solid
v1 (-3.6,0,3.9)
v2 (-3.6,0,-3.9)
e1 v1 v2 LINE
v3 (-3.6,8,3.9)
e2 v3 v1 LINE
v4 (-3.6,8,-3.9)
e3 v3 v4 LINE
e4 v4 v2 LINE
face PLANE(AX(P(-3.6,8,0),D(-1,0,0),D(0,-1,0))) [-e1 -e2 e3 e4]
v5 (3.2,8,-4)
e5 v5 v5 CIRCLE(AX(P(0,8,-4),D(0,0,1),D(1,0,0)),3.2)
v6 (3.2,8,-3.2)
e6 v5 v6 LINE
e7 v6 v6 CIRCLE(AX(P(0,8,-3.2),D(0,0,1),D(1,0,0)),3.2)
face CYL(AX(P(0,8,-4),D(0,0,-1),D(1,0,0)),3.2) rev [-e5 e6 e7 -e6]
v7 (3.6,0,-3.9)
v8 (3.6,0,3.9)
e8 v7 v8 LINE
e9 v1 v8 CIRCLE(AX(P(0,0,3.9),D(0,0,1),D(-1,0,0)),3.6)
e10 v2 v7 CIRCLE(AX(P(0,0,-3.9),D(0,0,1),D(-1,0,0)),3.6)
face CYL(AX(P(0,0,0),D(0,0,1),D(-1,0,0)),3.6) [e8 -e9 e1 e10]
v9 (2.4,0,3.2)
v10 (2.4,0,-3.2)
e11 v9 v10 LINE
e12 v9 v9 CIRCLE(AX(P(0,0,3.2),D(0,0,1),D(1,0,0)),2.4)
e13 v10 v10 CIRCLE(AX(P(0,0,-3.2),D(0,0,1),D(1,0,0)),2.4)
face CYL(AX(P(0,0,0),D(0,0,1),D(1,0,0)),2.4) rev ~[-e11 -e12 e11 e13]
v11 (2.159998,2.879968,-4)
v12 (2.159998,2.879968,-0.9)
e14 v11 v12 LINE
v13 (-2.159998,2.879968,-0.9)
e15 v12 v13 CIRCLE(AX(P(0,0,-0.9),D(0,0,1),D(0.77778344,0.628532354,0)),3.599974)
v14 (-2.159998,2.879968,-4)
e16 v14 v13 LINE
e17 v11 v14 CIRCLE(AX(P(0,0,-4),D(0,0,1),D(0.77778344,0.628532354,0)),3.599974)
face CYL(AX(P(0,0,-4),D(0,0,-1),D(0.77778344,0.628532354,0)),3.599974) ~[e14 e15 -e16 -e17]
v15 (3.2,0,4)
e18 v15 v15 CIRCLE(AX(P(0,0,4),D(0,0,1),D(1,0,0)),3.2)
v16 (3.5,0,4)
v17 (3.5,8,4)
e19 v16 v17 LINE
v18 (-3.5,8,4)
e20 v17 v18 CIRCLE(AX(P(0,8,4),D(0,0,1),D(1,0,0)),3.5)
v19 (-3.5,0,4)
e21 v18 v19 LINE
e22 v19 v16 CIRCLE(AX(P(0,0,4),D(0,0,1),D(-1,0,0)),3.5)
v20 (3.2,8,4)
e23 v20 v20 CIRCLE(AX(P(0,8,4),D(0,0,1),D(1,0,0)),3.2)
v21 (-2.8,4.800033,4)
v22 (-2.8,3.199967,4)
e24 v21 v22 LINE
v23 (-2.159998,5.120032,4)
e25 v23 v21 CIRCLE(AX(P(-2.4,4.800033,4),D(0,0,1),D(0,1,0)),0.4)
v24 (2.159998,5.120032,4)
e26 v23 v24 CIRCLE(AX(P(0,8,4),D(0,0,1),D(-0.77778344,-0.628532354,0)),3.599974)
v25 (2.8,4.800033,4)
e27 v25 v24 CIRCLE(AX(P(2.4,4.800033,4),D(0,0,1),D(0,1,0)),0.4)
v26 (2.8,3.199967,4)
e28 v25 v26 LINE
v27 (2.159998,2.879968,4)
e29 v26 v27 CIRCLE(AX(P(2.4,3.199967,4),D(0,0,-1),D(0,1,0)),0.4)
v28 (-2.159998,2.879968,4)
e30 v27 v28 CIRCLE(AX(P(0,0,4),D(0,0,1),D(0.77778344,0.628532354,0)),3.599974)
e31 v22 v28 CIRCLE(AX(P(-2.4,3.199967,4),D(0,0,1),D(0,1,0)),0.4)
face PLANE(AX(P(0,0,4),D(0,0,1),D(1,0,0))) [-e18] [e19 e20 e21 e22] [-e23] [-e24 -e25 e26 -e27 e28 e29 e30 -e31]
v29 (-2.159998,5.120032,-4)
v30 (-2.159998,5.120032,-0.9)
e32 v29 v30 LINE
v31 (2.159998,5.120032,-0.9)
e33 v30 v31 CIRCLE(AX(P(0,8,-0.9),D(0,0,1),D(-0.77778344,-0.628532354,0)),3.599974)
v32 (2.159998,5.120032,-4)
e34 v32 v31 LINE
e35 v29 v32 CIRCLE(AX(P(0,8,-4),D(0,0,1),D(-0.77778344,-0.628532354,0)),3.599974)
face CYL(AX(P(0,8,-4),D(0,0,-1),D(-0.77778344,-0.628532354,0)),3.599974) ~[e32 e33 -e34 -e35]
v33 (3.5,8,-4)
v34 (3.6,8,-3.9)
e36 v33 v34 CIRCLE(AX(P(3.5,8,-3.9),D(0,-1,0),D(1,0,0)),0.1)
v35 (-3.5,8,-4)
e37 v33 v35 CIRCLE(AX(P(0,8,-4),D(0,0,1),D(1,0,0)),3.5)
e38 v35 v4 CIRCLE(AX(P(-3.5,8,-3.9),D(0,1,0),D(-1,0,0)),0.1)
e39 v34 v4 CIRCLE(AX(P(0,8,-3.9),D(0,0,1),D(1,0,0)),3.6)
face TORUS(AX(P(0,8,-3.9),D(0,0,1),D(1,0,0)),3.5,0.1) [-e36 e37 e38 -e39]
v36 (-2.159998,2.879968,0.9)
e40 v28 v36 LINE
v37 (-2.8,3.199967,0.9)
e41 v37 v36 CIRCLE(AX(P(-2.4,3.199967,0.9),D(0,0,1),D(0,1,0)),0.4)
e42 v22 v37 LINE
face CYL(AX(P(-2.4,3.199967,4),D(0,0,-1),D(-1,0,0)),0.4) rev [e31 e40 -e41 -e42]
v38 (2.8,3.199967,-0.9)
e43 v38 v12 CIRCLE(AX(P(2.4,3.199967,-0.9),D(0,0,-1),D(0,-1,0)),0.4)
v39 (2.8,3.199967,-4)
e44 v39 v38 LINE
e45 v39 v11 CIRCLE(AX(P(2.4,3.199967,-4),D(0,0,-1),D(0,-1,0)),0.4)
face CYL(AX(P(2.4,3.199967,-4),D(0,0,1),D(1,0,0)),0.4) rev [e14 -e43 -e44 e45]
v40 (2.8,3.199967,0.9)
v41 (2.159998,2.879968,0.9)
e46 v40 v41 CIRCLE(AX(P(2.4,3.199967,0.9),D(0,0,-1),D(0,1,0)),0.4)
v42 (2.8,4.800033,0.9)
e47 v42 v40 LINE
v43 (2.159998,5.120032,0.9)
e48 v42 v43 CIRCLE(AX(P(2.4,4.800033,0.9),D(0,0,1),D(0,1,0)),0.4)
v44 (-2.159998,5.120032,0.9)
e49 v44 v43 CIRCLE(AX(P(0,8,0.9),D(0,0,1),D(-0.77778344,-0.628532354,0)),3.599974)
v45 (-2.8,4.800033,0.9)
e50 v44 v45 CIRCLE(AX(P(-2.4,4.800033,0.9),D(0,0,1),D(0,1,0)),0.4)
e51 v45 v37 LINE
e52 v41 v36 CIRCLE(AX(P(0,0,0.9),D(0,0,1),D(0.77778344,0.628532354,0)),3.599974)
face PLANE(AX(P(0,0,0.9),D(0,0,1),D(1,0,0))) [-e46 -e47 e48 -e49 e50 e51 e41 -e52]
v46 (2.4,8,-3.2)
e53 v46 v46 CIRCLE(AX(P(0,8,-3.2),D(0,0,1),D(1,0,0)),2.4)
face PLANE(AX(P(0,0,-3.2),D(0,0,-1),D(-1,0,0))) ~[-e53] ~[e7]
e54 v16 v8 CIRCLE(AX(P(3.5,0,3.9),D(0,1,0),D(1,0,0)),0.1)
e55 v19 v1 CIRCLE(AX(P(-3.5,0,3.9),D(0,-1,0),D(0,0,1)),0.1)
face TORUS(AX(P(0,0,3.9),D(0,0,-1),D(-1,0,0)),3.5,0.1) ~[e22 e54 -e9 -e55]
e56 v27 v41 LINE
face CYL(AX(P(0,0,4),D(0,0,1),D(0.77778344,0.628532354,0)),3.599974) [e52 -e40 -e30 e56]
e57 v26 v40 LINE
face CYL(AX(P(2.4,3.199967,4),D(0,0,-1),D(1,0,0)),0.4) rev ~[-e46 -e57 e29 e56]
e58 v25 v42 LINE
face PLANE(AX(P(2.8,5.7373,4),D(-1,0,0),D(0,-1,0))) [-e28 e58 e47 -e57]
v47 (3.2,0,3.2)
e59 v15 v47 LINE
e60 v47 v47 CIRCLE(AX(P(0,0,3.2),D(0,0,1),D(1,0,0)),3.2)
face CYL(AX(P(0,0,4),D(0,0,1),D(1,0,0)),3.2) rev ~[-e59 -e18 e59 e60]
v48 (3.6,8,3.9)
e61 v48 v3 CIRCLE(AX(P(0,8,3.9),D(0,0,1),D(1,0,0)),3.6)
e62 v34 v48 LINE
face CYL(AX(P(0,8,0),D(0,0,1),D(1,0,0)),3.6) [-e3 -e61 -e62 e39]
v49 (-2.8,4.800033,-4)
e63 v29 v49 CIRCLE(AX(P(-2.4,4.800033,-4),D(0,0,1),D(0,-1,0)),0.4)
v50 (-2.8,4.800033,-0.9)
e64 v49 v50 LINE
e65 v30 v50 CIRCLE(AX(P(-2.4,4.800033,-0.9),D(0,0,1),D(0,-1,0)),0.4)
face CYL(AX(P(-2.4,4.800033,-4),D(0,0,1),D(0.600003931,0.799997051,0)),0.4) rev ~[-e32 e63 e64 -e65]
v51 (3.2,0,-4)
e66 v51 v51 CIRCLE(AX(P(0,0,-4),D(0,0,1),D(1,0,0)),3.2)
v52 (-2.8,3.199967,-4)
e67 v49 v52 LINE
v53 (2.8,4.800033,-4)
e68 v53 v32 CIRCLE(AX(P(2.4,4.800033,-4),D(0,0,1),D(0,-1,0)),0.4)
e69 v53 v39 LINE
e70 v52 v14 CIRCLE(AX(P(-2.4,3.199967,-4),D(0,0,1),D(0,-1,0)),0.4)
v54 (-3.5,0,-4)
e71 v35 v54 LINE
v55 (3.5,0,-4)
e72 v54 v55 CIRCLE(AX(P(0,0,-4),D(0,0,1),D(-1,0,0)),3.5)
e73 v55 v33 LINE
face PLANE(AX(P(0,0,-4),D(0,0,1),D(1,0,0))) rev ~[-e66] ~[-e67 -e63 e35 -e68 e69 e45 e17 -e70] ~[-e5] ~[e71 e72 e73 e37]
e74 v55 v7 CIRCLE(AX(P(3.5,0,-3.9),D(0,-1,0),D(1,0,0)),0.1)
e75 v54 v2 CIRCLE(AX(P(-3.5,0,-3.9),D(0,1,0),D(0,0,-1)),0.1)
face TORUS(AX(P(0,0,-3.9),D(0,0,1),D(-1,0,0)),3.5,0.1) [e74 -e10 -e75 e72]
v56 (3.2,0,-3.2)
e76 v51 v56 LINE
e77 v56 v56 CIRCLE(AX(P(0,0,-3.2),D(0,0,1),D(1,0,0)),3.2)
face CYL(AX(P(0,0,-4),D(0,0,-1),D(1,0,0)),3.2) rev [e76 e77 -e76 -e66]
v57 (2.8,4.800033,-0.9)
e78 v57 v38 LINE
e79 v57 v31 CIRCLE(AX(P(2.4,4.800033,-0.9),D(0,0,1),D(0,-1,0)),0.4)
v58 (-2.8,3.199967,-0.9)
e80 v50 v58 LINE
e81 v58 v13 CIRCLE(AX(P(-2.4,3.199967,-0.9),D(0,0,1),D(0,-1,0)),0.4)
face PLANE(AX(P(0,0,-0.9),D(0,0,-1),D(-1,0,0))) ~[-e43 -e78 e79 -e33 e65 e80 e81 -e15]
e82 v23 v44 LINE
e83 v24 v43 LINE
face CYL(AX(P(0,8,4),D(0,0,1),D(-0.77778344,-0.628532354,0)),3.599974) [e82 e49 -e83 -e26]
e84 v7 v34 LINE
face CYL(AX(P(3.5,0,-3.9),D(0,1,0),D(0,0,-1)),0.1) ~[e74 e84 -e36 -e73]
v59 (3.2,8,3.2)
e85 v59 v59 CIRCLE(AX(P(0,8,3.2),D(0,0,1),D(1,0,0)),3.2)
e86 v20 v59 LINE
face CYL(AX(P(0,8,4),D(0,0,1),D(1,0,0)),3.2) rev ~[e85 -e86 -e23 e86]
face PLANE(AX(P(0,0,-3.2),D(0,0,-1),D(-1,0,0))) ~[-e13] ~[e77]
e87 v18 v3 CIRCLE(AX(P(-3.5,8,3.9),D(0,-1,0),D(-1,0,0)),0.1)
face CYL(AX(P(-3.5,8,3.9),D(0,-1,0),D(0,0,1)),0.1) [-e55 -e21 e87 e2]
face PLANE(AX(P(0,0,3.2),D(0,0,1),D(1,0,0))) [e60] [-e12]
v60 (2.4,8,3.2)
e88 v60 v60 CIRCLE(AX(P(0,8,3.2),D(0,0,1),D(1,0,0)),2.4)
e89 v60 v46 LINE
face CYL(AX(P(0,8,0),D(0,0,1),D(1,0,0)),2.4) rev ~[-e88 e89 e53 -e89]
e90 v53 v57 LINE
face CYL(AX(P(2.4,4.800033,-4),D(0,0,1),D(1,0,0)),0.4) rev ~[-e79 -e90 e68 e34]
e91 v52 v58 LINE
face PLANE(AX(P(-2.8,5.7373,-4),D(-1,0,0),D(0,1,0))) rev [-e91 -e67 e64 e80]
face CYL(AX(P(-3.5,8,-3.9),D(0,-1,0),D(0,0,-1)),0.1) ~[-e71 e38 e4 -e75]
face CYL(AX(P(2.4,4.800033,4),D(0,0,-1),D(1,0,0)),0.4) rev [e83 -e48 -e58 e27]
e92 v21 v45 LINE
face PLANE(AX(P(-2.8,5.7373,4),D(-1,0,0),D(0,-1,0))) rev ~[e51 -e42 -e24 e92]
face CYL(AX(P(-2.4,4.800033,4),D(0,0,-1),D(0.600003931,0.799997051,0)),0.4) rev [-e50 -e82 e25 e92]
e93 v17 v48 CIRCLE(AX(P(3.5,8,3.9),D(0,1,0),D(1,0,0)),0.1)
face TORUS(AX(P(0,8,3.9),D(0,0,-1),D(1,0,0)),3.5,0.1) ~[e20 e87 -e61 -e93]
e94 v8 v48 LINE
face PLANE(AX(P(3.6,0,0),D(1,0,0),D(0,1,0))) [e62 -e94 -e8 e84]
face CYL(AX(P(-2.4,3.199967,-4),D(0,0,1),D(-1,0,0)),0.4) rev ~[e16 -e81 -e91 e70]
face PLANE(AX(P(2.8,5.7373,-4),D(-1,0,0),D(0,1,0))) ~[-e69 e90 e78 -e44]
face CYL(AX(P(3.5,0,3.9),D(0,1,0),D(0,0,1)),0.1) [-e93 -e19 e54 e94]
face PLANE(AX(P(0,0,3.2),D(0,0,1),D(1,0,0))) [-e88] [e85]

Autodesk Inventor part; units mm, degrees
ref_plane "YZ Plane" through (0, 0, 0) normal (1, 0, 0) x (0, 1, 0)
ref_plane "XZ Plane" through (0, 0, 0) normal (0, 1, 0) x (-1, 0, 0)
ref_plane "XY Plane" through (0, 0, 0) normal (0, 0, 1) x (1, 0, 0)
sketch "Sketch1" plane through (0, 0, 0) normal (0, 0, 1) x (1, 0, 0)
  line L0 (3.6, 0) -> (3.6, 8)
  line L1 (-3.6, 8) -> (-3.6, 0)
  arc A0 (3.6, 8) -> (-3.6, 8) centre (0, 8) ccw
  circle A1 centre (0, 8) radius 2.4
  circle A2 centre (0, 8) radius 3.2
  circle A3 centre (0, 0) radius 3.2
  circle A4 centre (0, 0) radius 2.4
  line L2 (0, 0) -> (0, 8) construction
  line L3 (-2.8, 5.7373) -> (-2.8, 2.2627)
  line L4 (2.8, 5.7373) -> (2.8, 2.2627)
  arc A5 (-2.8, 5.7373) -> (2.8, 5.7373) centre (0, 8) ccw
  arc A6 (2.8, 2.2627) -> (-2.8, 2.2627) centre (0, 0) ccw
  arc A7 (-3.6, 0) -> (3.6, 0) centre (0, 0) ccw
  line L5 (0, 0) -> (0, -8) construction
  dimension "d8" = 4.8
  dimension "d9" = 6.4
  dimension "d32" = 7.2
  dimension "d34" = 8
  dimension "d36" = 0.8
extrude "Extrusion1" add sketch "Sketch1" along normal mid plane 8 contours A7 L1 A0 L0 | A2 | A3 | A5 L4 A6 L3
sketch "Sketch6" plane through (0, 0, 4) normal (0, 0, 1) x (1, 0, 0)
  circle A0 centre (0, 0) radius 2.4 projected
  circle A1 centre (0, 8) radius 2.4 projected
  circle A2 centre (0, 0) radius 3.2 projected
  circle A3 centre (0, 8) radius 3.2 projected
  arc A4 (2.8, 2.2627) -> (-2.8, 2.2627) centre (0, 0) ccw projected
  line L0 (-2.8, 5.7373) -> (-2.8, 2.2627) projected
  arc A5 (-2.8, 5.7373) -> (2.8, 5.7373) centre (0, 8) ccw projected
  line L1 (2.8, 5.7373) -> (2.8, 2.2627) projected
extrude "Extrusion7" cut sketch "Sketch6" against normal blind 0.8 contours A2 | A3
extrude "Extrusion8" cut sketch "Sketch6" against normal blind 3.1 contours A4 L0 A5 L1
mirror "Mirror1" about plane through (0, 0, 0) normal (0, 0, 1) of "Extrusion7", "Extrusion8"
fillet "Fillet1" radius 0.1 6 edges at (0, 11.6, 4) (3.6, 4, 4) (-3.6, 4, 4) (0, 11.6, -4) (-3.6, 4, -4) (3.6, 4, -4)
fillet "Fillet1" radius 0.4 8 edges at (-2.8, 2.2627, 2.45) (-2.8, 5.7373, 2.45) (2.8, 2.2627, 2.45) (2.8, 5.7373, 2.45) (2.8, 5.7373, -2.45) (2.8, 2.2627, -2.45) (-2.8, 2.2627, -2.45) (-2.8, 5.7373, -2.45)
equation "\"d8\" = tpd"
equation "\"d9\" = tsd"
equation "\"d32\" = tlad"
equation "\"d34\" = lu"
equation "\"d14\" = lu"
equation "\"d41\" = tsl"
equation "\"d45\" = lf"
equation "\"d46\" = tf"
equation "\"tpd\" = 4.8"
equation "\"tsd\" = 6.4"
equation "\"tlad\" = 7.2"
equation "\"lu\" = 8"
equation "\"tsl\" = 0.8"
equation "\"lf\" = 0.1"
equation "\"tf\" = 0.4"
properties part number "43857-LtBluishGray" material "ABS Plastic"
